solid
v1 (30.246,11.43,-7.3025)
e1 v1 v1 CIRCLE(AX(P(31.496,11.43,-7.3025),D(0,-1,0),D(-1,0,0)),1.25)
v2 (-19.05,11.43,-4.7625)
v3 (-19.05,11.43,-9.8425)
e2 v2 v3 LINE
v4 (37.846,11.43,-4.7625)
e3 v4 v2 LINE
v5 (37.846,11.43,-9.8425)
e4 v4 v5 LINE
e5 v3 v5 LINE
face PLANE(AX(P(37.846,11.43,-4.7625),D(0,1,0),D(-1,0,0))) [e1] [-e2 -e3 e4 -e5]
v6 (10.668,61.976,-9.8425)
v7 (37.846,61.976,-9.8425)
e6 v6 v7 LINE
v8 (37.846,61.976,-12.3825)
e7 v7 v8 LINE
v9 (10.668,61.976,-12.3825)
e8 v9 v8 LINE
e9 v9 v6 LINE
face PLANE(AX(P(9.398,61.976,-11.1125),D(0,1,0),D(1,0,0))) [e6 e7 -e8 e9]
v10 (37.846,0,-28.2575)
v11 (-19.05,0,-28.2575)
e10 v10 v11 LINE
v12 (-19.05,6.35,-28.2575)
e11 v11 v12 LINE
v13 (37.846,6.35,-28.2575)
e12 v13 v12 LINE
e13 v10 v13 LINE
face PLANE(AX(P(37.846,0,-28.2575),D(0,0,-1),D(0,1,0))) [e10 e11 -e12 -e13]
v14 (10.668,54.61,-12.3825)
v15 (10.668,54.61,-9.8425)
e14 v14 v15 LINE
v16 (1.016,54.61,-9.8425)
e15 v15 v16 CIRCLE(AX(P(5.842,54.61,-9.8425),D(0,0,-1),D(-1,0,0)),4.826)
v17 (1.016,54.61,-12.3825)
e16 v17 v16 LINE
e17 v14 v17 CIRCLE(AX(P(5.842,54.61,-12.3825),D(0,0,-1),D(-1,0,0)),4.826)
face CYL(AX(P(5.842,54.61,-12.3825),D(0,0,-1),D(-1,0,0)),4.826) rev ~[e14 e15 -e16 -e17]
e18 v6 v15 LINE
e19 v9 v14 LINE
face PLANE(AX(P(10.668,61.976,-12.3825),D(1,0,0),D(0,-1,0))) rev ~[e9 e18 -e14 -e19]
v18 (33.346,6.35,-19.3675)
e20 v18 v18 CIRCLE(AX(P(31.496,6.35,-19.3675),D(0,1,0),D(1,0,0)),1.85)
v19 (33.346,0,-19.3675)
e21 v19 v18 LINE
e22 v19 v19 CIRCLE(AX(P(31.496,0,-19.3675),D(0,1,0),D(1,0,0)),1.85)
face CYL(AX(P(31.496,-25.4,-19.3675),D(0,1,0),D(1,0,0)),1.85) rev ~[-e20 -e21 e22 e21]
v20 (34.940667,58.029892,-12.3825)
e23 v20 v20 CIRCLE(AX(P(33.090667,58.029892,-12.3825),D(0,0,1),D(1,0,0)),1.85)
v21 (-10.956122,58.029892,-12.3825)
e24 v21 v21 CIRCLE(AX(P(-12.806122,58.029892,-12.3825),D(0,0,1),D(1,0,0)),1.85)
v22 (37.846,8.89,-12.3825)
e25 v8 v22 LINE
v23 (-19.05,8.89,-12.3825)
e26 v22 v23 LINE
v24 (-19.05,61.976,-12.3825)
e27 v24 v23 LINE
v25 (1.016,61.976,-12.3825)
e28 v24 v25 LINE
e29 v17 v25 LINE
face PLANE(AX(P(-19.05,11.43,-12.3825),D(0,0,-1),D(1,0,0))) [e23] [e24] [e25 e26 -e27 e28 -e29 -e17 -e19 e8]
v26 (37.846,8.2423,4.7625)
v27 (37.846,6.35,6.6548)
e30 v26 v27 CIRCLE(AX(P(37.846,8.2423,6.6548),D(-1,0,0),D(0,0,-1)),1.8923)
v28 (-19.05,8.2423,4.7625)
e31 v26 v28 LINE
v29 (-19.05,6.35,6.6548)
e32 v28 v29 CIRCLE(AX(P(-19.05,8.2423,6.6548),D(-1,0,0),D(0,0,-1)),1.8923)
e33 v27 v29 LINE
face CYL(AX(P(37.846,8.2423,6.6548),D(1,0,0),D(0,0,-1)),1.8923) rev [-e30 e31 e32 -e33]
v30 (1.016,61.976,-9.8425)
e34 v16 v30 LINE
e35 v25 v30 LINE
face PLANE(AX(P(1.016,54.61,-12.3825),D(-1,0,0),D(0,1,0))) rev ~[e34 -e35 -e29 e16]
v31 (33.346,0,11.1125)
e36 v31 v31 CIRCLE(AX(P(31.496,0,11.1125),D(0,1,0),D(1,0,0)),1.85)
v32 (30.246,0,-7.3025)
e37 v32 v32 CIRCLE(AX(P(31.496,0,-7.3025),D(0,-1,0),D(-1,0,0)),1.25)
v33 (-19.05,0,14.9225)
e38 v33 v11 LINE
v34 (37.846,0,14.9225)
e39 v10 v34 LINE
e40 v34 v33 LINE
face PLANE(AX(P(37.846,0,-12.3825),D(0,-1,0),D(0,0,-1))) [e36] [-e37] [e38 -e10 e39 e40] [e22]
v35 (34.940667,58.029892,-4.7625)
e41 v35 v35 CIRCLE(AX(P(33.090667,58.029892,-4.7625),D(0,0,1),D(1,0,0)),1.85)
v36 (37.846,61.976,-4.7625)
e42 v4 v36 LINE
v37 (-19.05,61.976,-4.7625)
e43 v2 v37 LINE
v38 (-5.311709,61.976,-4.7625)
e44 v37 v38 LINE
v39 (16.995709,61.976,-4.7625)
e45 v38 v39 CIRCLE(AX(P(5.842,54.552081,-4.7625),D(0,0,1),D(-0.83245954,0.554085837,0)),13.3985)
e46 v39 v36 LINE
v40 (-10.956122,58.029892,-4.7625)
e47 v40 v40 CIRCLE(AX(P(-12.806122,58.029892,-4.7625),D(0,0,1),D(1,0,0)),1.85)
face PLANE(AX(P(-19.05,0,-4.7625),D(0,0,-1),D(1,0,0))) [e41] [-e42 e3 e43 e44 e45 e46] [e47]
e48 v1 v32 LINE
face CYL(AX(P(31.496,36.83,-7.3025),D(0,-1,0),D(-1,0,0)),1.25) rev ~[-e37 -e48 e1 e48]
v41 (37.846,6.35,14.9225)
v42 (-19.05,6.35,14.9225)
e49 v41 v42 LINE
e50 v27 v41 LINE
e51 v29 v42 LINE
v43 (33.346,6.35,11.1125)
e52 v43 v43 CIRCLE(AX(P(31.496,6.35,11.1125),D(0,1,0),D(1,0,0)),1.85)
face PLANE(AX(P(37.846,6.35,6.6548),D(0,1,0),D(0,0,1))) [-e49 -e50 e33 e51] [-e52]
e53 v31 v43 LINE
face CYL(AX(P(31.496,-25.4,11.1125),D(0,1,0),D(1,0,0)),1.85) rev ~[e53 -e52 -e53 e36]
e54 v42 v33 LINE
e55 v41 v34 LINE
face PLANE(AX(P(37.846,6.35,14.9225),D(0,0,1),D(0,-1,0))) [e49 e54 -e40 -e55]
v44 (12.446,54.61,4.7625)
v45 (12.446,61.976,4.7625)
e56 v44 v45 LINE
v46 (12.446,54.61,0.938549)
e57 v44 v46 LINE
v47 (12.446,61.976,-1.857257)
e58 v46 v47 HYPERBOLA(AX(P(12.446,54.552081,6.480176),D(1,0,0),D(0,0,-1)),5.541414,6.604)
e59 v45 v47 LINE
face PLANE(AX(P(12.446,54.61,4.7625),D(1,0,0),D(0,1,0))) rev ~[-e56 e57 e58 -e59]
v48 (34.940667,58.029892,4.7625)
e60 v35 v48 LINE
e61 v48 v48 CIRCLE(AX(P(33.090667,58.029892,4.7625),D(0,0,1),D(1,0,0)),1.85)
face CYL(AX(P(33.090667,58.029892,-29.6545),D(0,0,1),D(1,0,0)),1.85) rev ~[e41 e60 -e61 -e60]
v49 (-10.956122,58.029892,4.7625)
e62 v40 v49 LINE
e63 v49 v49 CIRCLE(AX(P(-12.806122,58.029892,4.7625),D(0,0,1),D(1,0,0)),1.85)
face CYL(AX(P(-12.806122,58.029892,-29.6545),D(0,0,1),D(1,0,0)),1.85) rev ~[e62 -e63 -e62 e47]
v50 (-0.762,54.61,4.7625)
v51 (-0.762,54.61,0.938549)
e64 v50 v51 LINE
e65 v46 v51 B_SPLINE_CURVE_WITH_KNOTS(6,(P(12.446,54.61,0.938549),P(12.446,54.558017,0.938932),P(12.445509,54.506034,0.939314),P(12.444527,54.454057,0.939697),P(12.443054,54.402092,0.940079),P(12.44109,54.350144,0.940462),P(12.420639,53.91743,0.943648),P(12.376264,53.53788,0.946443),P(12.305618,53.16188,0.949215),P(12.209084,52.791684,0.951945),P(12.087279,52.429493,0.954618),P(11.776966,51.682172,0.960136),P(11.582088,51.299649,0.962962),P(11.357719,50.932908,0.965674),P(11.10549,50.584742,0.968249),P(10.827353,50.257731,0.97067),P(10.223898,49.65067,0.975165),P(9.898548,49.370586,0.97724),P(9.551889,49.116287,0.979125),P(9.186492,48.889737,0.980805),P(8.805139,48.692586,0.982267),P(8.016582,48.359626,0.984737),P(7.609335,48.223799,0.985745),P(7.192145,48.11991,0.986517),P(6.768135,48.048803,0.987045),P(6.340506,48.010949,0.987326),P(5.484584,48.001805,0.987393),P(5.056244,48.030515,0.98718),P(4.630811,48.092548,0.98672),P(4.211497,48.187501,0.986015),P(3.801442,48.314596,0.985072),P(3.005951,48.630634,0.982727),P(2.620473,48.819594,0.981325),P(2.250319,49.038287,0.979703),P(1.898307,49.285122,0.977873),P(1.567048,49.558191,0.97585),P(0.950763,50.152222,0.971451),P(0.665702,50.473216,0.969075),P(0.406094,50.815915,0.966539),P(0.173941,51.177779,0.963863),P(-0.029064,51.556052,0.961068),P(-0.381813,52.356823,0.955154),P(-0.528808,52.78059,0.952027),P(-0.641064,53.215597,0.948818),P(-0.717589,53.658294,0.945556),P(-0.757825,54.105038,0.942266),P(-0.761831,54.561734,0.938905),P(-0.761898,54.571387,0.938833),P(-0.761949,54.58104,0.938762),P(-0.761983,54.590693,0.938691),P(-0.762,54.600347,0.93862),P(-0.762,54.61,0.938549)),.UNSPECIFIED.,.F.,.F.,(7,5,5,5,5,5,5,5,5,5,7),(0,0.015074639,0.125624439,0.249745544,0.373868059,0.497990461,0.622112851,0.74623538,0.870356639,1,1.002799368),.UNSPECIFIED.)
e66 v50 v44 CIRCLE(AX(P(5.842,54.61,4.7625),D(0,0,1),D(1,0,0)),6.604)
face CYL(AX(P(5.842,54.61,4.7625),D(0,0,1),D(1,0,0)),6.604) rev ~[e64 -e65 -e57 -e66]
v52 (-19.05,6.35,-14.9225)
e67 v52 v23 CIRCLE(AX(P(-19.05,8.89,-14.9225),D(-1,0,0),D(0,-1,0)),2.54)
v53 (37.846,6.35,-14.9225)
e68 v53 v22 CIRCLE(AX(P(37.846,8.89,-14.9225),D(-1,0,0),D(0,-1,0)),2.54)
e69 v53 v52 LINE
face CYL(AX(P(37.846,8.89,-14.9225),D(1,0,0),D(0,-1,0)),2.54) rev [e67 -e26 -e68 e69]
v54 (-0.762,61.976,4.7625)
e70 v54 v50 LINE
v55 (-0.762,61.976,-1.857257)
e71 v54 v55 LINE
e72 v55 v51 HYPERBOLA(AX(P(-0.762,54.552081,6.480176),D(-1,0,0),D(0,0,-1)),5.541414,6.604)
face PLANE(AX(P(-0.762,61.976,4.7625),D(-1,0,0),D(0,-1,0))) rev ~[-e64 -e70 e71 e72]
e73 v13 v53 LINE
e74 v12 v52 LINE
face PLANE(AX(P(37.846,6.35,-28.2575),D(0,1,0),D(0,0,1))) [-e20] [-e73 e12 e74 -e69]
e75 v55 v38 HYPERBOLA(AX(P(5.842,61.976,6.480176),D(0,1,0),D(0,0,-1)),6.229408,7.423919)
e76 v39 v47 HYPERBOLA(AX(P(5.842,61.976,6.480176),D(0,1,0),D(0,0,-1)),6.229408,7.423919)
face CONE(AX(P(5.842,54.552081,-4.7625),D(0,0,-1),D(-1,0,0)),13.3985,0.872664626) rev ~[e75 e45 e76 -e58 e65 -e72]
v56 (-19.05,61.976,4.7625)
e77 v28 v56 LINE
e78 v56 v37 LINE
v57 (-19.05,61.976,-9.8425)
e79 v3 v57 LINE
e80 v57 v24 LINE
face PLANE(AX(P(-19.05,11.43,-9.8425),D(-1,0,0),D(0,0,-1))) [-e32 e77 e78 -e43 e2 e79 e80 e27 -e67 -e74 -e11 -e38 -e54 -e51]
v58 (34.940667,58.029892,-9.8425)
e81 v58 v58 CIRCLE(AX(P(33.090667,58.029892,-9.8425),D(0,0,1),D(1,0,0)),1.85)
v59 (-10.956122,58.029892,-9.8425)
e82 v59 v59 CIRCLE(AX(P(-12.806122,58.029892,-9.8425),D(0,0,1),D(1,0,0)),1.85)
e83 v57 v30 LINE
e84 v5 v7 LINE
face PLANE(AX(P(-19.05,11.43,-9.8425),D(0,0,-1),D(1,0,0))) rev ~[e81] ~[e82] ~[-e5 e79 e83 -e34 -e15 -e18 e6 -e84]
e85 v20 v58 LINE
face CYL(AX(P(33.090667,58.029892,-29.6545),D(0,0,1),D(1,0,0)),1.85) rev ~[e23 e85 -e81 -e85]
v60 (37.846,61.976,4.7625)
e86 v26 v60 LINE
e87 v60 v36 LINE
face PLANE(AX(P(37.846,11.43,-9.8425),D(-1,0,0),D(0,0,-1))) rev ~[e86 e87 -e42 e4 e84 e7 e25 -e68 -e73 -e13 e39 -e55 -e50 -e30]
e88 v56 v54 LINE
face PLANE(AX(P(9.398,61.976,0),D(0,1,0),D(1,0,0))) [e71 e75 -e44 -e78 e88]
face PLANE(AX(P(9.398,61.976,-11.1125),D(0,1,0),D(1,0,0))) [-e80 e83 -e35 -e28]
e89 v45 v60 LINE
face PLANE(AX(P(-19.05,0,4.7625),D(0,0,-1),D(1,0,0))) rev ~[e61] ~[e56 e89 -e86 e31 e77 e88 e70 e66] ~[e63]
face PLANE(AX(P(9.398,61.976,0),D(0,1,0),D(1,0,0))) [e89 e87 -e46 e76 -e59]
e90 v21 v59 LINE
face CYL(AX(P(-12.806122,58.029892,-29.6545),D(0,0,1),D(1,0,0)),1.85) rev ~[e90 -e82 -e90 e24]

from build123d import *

# Parameters (mm, degrees)
SKETCH1_W                       = 56.896
SKETCH1_H                       = 9.525
BOSS_EXTRUDE1_DEPTH             = 61.976
SKETCH2_R                       = 13.3985
CUT_EXTRUDE1_DEPTH              = 5.8801
CUT_EXTRUDE1_DRAFT              = -50
SKETCH5_W                       = 56.896
SKETCH5_H                       = 11.43
BOSS_EXTRUDE2_DEPTH             = 7.62
TAP_DRILL_FOR_M3X0_5_TAP3_D     = 2.5
TAP_DRILL_FOR_M3X0_5_TAP3_DEPTH = 25.4
TAP_DRILL_FOR_M3X0_5_TAP3_TIP   = 0.751075774
BOSS_EXTRUDE4_DEPTH             = 56.896
M3_CLEARANCE_HOLE3_D            = 3.7
M3_CLEARANCE_HOLE3_DEPTH        = 25.4
M3_CLEARANCE_HOLE3_TIP          = 1.111592145
SKETCH6_W                       = 56.896
SKETCH6_H                       = 2.54
BOSS_EXTRUDE5_DEPTH             = 50.546
SKETCH24_R                      = 4.826
CUT_EXTRUDE2_DEPTH              = 2.54
SKETCH25_R                      = 6.604
CUT_EXTRUDE3_DEPTH              = 7.366
M3_CLEARANCE_HOLE4_D            = 3.7
M3_CLEARANCE_HOLE4_DEPTH        = 17.272
M3_CLEARANCE_HOLE4_TIP          = 1.111592145


with BuildPart() as part:
    # Sketch1 → Boss-Extrude1 (new body)
    with BuildSketch(Plane(origin=(0, 0, 0), x_dir=(1, 0, 0), z_dir=(0, 1, 0))):
        with Locations((9.398, 0)):
            Rectangle(SKETCH1_W, SKETCH1_H)
    extrude(amount=BOSS_EXTRUDE1_DEPTH)


with BuildPart() as cut_extrude1_tool:
    # Sketch2 → Cut-Extrude1 (with draft: the straight prism first)
    with BuildSketch(Plane(origin=(0, 0, -4.7625), x_dir=(-1, 0, 0), z_dir=(0, 0, -1))):
        with Locations((-5.842, 54.552080914)):
            Circle(SKETCH2_R)
    extrude(amount=-CUT_EXTRUDE1_DEPTH)
    # Cut-Extrude1: the draft: its side faces are tilted about the plane it starts from
    cut_extrude1_sides = [cut_extrude1_tool.faces().sort_by_distance(p)[0] for p in [
        (19.2405, 54.552080914, -1.82245),
    ]]
    draft(cut_extrude1_sides, Plane(origin=(0, 0, -4.7625), x_dir=(-1, 0, 0), z_dir=(0, 0, -1)), CUT_EXTRUDE1_DRAFT)


with BuildPart() as part_1:
    add(part.part)

    # Cut-Extrude1: cut by cut_extrude1_tool
    add(cut_extrude1_tool.part, mode=Mode.SUBTRACT)

    # Sketch5 → Boss-Extrude2 (add)
    with BuildSketch(Plane(origin=(0, 0, -4.7625), x_dir=(-1, 0, 0), z_dir=(0, 0, -1))):
        with Locations((-9.398, 5.715)):
            Rectangle(SKETCH5_W, SKETCH5_H)
    extrude(amount=BOSS_EXTRUDE2_DEPTH)

    # Tap Drill for M3x0.5 Tap3
    with Locations(Plane(origin=(0, 11.43, 0), x_dir=(1, 0, 0), z_dir=(0, 1, 0))):
        with Locations((31.496, 7.3025)):
            Hole(TAP_DRILL_FOR_M3X0_5_TAP3_D / 2, depth=TAP_DRILL_FOR_M3X0_5_TAP3_DEPTH)
            with Locations((0, 0, -(TAP_DRILL_FOR_M3X0_5_TAP3_DEPTH + TAP_DRILL_FOR_M3X0_5_TAP3_TIP / 2))):  # 118° drill point
                Cone(0, TAP_DRILL_FOR_M3X0_5_TAP3_D / 2, TAP_DRILL_FOR_M3X0_5_TAP3_TIP, mode=Mode.SUBTRACT)

    # Sketch19 → Boss-Extrude4 (add)
    with BuildSketch(Plane(origin=(37.846, 0, 0), x_dir=(0, 0, -1), z_dir=(1, 0, 0))):
        with BuildLine():
            Line((12.3825, 8.89), (12.3825, 0))
            Line((12.3825, 0), (28.2575, 0))
            Line((28.2575, 0), (28.2575, 6.35))
            Line((28.2575, 6.35), (14.9225, 6.35))
            ThreePointArc((14.9225, 6.35), (13.126448776, 7.093948776), (12.3825, 8.89))
        make_face()
        with BuildLine():
            Line((-14.9225, 0), (-4.7625, 0))
            Line((-4.7625, 0), (-4.7625, 8.2423))
            ThreePointArc((-4.7625, 8.2423), (-5.316741838, 6.904241838), (-6.6548, 6.35))
            Line((-6.6548, 6.35), (-14.9225, 6.35))
            Line((-14.9225, 6.35), (-14.9225, 0))
        make_face()
    extrude(amount=-BOSS_EXTRUDE4_DEPTH)

    # M3 Clearance Hole3
    with Locations(Plane(origin=(0, 0, 0), x_dir=(-1, 0, 0), z_dir=(0, -1, 0))):
        with Locations((-31.496, -11.1125), (-31.496, 19.3675)):
            Hole(M3_CLEARANCE_HOLE3_D / 2, depth=M3_CLEARANCE_HOLE3_DEPTH)
            with Locations((0, 0, -(M3_CLEARANCE_HOLE3_DEPTH + M3_CLEARANCE_HOLE3_TIP / 2))):  # 118° drill point
                Cone(0, M3_CLEARANCE_HOLE3_D / 2, M3_CLEARANCE_HOLE3_TIP, mode=Mode.SUBTRACT)

    # Sketch6 → Boss-Extrude5 (add)
    with BuildSketch(Plane(origin=(0, 11.43, 0), x_dir=(1, 0, 0), z_dir=(0, 1, 0))):
        with Locations((9.398, 11.1125)):
            Rectangle(SKETCH6_W, SKETCH6_H)
    extrude(amount=BOSS_EXTRUDE5_DEPTH)

    # Sketch24 → Cut-Extrude2 (cut)
    with BuildSketch(Plane(origin=(0, 0, -12.3825), x_dir=(-1, 0, 0), z_dir=(0, 0, -1))):
        with BuildLine():
            ThreePointArc((-10.668, 54.61), (-5.842, 59.436), (-1.016, 54.61))
            Line((-1.016, 54.61), (-1.016, 61.976))
            Line((-1.016, 61.976), (-10.668, 61.976))
            Line((-10.668, 61.976), (-10.668, 54.61))
        make_face()
        with Locations((-5.842, 54.61)):
            Circle(SKETCH24_R)
    extrude(amount=-CUT_EXTRUDE2_DEPTH, mode=Mode.SUBTRACT)

    # Sketch25 → Cut-Extrude3 (cut)
    with BuildSketch(Plane.XY.offset(4.7625)):
        with BuildLine():
            ThreePointArc((-0.762, 54.61), (5.842, 61.214), (12.446, 54.61))
            Line((12.446, 54.61), (12.446, 61.976))
            Line((12.446, 61.976), (-0.762, 61.976))
            Line((-0.762, 61.976), (-0.762, 54.61))
        make_face()
        with Locations((5.842, 54.61)):
            Circle(SKETCH25_R)
    extrude(amount=-CUT_EXTRUDE3_DEPTH, mode=Mode.SUBTRACT)

    # M3 Clearance Hole4
    with Locations(Plane(origin=(0, 0, -12.3825), x_dir=(-1, 0, 0), z_dir=(0, 0, -1))):
        with Locations((-33.09066659, 58.02989171), (12.806122092, 58.02989171)):
            Hole(M3_CLEARANCE_HOLE4_D / 2, depth=M3_CLEARANCE_HOLE4_DEPTH)
            with Locations((0, 0, -(M3_CLEARANCE_HOLE4_DEPTH + M3_CLEARANCE_HOLE4_TIP / 2))):  # 118° drill point
                Cone(0, M3_CLEARANCE_HOLE4_D / 2, M3_CLEARANCE_HOLE4_TIP, mode=Mode.SUBTRACT)


solid = part_1.part
